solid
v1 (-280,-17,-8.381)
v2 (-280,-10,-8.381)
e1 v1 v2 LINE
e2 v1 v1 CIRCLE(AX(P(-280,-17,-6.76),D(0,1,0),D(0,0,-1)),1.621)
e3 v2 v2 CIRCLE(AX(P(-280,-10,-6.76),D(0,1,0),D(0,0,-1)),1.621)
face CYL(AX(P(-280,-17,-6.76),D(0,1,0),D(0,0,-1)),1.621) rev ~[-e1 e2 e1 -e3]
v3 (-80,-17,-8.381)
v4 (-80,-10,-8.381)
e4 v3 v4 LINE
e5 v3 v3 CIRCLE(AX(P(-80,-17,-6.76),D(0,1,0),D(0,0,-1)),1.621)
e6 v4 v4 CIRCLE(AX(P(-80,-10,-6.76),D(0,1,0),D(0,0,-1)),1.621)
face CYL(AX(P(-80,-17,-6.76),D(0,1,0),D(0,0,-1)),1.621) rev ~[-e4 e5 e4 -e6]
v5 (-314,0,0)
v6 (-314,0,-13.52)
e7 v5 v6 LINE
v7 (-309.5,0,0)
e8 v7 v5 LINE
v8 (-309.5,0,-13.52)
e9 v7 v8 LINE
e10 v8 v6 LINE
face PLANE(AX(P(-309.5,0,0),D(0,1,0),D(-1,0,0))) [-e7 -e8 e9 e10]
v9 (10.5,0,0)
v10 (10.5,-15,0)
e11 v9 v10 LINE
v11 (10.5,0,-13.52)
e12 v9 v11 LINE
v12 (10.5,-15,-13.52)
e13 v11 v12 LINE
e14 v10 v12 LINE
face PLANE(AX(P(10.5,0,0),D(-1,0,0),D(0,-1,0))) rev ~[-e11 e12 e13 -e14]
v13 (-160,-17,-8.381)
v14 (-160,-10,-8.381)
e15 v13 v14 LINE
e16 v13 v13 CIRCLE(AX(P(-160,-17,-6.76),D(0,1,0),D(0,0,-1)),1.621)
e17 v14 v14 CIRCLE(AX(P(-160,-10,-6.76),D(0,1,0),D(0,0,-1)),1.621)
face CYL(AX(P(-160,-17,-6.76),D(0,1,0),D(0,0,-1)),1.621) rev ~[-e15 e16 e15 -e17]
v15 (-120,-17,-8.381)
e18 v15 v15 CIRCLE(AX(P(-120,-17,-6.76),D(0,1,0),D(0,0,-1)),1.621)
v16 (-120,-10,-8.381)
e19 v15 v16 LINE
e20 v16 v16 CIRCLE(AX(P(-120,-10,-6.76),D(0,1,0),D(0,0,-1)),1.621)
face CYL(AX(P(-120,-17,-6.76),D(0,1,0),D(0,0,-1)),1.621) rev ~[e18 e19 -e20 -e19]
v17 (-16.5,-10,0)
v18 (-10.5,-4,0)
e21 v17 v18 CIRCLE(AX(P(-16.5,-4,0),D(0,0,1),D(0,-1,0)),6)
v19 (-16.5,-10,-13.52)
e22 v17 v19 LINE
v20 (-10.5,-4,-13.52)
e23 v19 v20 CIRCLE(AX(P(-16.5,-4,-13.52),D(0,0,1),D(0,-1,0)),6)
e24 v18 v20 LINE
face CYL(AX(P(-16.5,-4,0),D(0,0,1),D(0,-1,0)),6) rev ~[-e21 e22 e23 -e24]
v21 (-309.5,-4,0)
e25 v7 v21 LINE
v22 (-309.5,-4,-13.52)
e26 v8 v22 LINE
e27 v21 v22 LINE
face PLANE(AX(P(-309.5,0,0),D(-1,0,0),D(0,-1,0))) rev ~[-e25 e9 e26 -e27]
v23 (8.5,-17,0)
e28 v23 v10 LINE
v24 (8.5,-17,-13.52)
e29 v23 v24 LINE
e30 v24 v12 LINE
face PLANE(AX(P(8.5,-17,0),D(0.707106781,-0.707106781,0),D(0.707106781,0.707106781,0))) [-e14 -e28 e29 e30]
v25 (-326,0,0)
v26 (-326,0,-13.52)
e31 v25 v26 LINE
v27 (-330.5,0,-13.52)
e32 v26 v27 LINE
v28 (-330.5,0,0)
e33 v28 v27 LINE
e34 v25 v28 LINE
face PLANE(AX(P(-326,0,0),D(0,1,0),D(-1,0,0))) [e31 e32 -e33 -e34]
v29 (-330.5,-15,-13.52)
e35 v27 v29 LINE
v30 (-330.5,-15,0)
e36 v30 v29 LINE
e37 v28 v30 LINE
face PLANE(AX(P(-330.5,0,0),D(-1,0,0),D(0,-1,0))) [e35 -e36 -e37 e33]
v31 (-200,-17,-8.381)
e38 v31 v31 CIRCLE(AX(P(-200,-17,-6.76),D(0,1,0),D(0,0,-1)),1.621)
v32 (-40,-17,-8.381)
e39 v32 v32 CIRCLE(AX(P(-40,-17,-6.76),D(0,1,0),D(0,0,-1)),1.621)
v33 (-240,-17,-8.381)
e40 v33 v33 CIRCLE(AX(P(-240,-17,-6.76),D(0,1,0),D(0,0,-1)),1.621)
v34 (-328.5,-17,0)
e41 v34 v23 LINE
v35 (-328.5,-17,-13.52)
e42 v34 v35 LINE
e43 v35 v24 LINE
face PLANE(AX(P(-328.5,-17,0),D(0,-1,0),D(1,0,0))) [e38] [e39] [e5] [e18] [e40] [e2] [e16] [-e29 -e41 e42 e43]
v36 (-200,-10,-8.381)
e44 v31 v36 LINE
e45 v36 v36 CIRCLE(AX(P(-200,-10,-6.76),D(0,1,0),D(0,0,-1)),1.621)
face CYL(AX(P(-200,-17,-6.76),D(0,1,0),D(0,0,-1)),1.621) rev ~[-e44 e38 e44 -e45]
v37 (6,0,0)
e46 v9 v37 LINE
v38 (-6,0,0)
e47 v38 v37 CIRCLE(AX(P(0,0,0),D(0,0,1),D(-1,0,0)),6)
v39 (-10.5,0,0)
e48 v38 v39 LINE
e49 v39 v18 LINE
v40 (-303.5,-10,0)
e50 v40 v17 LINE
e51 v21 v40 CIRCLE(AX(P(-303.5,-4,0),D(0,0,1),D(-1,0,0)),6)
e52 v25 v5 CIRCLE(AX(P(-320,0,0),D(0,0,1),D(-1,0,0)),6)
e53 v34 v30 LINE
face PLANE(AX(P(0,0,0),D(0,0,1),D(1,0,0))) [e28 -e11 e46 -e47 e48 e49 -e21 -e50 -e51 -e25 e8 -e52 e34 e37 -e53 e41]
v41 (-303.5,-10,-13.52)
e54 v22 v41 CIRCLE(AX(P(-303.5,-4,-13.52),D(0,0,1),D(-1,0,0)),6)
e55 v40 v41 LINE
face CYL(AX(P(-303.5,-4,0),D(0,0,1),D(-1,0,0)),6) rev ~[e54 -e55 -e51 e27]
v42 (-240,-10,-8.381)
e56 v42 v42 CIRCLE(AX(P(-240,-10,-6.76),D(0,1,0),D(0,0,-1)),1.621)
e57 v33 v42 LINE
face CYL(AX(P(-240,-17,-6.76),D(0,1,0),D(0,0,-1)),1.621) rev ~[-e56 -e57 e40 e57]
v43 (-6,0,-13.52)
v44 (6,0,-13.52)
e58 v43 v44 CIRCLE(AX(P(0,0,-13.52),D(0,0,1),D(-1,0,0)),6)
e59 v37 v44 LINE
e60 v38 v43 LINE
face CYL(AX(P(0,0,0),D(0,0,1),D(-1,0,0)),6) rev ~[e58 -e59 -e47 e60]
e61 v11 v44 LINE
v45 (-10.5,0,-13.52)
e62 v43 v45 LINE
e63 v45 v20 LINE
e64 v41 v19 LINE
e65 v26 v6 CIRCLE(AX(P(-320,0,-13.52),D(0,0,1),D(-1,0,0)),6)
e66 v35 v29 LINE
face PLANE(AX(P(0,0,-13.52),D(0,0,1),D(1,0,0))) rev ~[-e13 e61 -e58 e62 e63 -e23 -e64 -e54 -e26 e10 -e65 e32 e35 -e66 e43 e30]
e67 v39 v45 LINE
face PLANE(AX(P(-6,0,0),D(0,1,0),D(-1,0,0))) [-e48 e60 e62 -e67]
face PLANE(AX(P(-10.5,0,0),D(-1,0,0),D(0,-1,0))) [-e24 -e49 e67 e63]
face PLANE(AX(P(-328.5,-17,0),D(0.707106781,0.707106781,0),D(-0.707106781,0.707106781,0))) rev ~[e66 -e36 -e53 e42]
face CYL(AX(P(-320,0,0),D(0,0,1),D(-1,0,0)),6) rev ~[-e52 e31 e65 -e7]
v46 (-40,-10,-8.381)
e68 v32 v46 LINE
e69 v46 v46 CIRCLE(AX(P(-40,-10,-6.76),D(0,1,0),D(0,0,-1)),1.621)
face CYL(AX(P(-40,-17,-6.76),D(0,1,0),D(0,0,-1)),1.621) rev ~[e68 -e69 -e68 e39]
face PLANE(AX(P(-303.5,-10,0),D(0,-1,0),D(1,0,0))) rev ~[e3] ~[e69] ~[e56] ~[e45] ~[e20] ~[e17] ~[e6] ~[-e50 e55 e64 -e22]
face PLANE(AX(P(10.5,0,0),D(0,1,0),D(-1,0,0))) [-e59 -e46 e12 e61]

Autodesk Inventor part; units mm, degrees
ref_plane "YZ Plane" through (0, 0, 0) normal (1, 0, 0) x (0, 1, 0)
ref_plane "XZ Plane" through (0, 0, 0) normal (0, 1, 0) x (-1, 0, 0)
ref_plane "XY Plane" through (0, 0, 0) normal (0, 0, 1) x (1, 0, 0)
sketch "Esboço1" plane through (0, 0, 0) normal (0, 0, 1) x (1, 0, 0)
  arc A0 (-6, 0) -> (6, 0) centre (0, 0) ccw
  arc A1 (-326, 0) -> (-314, 0) centre (-320, 0) ccw
  line L0 (10.5, 0) -> (10.5, -15)
  line L1 (-330.5, 0) -> (-330.5, -15)
  line L2 (-328.5, -17) -> (8.5, -17)
  line L3 (-10.5, 0) -> (-10.5, -4)
  line L4 (-309.5, 0) -> (-309.5, -4)
  line L5 (-303.5, -10) -> (-16.5, -10)
  line L6 (10.5, 0) -> (5.995, 0)
  line L7 (-5.995, 0) -> (-10.5, 0)
  line L8 (-309.5, 0) -> (-314.005, 0)
  line L9 (-325.995, 0) -> (-330.5, 0)
  line L10 (8.5, -17) -> (10.5, -15)
  line L11 (-328.5, -17) -> (-330.5, -15)
  arc A2 (-309.5, -4) -> (-303.5, -10) centre (-303.5, -4) ccw
  arc A3 (-16.5, -10) -> (-10.5, -4) centre (-16.5, -4) ccw
  point P0 (10.5, -17)
  point P1 (-330.5, -17)
  dimension "d1" = 12
  dimension "d2" = 12
  dimension "d5" = 2
  dimension "d6" = 2
  dimension "d7" = 2
  dimension "d8" = 2
  dimension "d9" = 6
  dimension "d29" = 7
extrude "Extrusão1" add sketch "Esboço1" against normal blind 13.52
sketch "Esboço2" plane through (-328.5, -17, 0) normal (0, -1, 0) x (1, 0, 0)
  line L0 (334.5, 0) -> (334.5, -13.52) projected
  line L1 (334.5, -6.76) -> (2.5, -6.76) construction
  line L2 (2.5, 0) -> (2.5, -13.52) projected
  circle A0 centre (168.5, -6.76) radius 2 construction
  circle A1 centre (128.5, -6.76) radius 2 construction
  circle A2 centre (88.5, -6.76) radius 2 construction
  circle A3 centre (48.5, -6.76) radius 2 construction
  circle A4 centre (208.5, -6.76) radius 2 construction
  circle A5 centre (168.5, -6.76) radius 2 construction
  circle A6 centre (128.5, -6.76) radius 2 construction
  circle A7 centre (88.5, -6.76) radius 2 construction
  circle A8 centre (248.5, -6.76) radius 2 construction
  circle A9 centre (208.5, -6.76) radius 2 construction
  circle A10 centre (168.5, -6.76) radius 2 construction
  circle A11 centre (128.5, -6.76) radius 2 construction
  circle A12 centre (288.5, -6.76) radius 2 construction
  circle A13 centre (248.5, -6.76) radius 2 construction
  circle A14 centre (208.5, -6.76) radius 2 construction
  circle A15 centre (168.5, -6.76) radius 2 construction
  point P0 (328.5, 0)
  dimension "d12" = 4
  dimension "d15" = 40
  dimension "d18" = 40
hole "Furo1" at (-40, -17, -6.76) at (-80, -17, -6.76) at (-120, -17, -6.76) at (-160, -17, -6.76) at (-200, -17, -6.76) at (-240, -17, -6.76) at (-280, -17, -6.76) direction (0, 1, 0) diameter 3.242 end through all thread size "M4x0.7" class "6H" standard "ISO Metric profile"
equation "\"d6\" = d5"
equation "\"d8\" = d7"
properties part number "SuporteAntiEmpenamento"
